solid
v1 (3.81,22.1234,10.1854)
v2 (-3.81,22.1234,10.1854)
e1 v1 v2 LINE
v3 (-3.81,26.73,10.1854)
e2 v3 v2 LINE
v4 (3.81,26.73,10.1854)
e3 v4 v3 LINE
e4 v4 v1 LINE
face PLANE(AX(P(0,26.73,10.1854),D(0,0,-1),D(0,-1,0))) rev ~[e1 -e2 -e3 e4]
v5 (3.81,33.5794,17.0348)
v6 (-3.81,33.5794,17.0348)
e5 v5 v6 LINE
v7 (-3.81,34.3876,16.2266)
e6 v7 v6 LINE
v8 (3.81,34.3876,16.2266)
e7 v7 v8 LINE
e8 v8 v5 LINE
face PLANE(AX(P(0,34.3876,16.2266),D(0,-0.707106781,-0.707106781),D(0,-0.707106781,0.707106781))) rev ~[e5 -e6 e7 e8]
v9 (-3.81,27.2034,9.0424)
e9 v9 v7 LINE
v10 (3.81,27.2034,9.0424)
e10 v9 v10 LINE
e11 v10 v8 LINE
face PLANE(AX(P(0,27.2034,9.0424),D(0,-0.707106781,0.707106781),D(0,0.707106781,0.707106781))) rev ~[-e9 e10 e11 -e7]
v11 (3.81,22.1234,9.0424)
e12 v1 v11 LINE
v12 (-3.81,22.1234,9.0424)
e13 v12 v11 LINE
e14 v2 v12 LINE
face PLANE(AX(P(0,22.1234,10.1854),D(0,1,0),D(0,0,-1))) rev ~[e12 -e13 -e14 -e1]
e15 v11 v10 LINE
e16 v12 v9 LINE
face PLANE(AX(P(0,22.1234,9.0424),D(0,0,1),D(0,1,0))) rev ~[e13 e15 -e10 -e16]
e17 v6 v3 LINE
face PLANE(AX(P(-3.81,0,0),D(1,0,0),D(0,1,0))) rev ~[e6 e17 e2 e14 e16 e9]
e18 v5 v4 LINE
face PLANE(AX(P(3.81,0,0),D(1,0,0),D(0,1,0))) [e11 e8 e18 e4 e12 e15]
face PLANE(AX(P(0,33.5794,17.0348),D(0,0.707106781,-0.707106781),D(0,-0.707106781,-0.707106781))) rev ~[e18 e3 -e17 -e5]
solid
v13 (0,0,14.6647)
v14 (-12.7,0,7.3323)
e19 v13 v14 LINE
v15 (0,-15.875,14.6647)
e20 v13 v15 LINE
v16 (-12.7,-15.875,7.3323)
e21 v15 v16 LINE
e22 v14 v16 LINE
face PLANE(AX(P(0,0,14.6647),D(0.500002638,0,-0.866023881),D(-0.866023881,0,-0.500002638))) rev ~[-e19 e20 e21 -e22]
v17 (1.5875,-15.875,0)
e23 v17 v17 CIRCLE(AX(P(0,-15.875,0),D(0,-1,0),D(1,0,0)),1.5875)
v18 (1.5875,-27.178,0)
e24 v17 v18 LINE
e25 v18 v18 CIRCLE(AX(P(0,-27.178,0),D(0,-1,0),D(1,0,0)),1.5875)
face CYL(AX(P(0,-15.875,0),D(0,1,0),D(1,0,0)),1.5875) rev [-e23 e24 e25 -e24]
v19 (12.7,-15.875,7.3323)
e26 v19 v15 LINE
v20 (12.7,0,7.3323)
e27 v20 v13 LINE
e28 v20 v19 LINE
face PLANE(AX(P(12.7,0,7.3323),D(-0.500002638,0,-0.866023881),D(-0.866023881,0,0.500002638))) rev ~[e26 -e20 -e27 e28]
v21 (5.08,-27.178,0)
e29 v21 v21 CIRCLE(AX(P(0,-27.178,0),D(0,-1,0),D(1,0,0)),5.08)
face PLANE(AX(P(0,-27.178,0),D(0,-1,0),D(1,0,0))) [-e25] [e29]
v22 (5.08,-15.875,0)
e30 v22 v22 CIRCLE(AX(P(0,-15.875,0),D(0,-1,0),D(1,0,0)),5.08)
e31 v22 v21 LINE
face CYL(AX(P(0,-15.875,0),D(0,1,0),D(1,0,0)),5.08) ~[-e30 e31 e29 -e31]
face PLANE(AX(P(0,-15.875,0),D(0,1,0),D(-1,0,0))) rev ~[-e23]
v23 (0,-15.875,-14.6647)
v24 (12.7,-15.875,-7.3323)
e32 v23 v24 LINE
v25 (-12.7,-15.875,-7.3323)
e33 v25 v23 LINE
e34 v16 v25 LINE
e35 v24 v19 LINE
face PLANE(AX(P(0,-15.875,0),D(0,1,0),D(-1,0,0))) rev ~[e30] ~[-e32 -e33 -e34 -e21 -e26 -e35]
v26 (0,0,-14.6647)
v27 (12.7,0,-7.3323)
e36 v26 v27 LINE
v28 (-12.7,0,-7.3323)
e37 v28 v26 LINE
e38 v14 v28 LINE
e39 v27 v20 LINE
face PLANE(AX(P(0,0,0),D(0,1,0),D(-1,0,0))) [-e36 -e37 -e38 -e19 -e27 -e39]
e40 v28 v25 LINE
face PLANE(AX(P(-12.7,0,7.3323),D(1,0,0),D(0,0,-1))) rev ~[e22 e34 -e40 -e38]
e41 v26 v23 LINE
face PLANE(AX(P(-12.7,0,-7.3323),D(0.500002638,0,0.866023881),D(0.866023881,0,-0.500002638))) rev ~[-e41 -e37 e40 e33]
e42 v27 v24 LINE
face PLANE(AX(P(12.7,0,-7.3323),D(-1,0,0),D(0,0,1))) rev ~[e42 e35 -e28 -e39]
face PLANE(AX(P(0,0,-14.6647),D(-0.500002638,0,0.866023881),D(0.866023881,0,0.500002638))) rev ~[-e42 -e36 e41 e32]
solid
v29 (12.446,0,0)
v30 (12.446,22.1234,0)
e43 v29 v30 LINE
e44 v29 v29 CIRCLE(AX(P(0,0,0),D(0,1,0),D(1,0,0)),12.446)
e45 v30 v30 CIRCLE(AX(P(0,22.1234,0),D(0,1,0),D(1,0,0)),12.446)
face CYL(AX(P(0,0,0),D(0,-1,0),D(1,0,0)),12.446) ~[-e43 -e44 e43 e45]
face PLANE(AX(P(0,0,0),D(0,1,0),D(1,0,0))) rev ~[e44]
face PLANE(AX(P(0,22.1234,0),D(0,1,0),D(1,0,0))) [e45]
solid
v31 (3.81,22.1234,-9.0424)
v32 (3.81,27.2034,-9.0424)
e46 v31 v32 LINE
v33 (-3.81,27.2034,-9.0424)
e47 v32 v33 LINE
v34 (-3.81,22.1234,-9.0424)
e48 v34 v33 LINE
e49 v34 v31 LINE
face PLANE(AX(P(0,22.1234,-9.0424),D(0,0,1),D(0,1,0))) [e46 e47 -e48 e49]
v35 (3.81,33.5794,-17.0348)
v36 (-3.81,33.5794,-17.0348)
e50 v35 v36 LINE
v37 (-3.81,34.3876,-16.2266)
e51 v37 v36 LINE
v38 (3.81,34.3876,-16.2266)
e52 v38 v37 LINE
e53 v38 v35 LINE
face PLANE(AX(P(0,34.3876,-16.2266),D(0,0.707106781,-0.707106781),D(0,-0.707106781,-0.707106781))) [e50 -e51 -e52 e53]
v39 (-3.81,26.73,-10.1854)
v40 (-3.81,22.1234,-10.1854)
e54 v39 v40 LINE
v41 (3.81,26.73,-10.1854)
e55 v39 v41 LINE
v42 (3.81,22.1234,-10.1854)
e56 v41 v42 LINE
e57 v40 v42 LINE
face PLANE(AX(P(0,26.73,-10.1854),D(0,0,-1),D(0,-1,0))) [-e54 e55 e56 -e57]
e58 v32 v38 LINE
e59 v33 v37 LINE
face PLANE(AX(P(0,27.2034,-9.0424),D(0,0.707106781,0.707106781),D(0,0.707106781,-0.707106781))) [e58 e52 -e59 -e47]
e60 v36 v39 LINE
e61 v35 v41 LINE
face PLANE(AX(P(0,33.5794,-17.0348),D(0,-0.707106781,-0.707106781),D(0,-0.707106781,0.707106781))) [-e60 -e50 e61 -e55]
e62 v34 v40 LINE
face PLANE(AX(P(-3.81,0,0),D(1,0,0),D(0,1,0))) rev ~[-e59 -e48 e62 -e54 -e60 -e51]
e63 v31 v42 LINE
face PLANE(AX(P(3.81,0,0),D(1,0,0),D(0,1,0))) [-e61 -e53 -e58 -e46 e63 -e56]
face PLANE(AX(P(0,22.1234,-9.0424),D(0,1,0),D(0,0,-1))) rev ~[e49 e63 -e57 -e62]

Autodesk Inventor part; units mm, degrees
ref_plane "YZ Plane" through (0, 0, 0) normal (1, 0, 0) x (0, 1, 0)
ref_plane "XZ Plane" through (0, 0, 0) normal (0, 1, 0) x (-1, 0, 0)
ref_plane "XY Plane" through (0, 0, 0) normal (0, 0, 1) x (1, 0, 0)
sketch "Sketch1" plane through (0, 0, 0) normal (0, 1, 0) x (-1, 0, 0)
  circle A0 centre (0, 0) radius 12.7 construction
  line L0 (12.7, -7.3323) -> (0, -14.6647)
  line L1 (0, -14.6647) -> (-12.7, -7.3323)
  line L2 (-12.7, -7.3323) -> (-12.7, 7.3323)
  line L3 (-12.7, 7.3323) -> (0, 14.6647)
  line L4 (0, 14.6647) -> (12.7, 7.3323)
  line L5 (12.7, 7.3323) -> (12.7, -7.3323)
  point P0 (12.7, 0)
  dimension "d0" = 25.4
extrude "Extrusion1" add sketch "Sketch1" against normal blind 15.875
sketch "Sketch2" plane through (0, -15.875, 0) normal (0, -1, 0) x (1, 0, 0)
  circle A0 centre (0, 0) radius 1.5875
  circle A1 centre (0, 0) radius 5.08
  dimension "d3" = 3.175
  dimension "d4" = 10.16
extrude "Extrusion2" add sketch "Sketch2" along normal blind 11.303
sketch "Sketch3" plane through (0, 0, 0) normal (0, 1, 0) x (1, 0, 0)
  circle A0 centre (0, 0) radius 12.446
  dimension "d7" = 24.892
extrude "Extrusion3" add sketch "Sketch3" along normal blind 22.1234 separate body
sketch "Sketch4" plane through (0, 0, 0) normal (1, 0, 0) x (0, 1, 0)
  line L0 (22.1234, -12.446) -> (22.1234, 12.446) construction
  circle A0 centre (22.1234, 0) radius 9.0424 construction
  line L1 (22.1234, -9.0424) -> (27.2034, -9.0424)
  line L2 (22.1234, 9.0424) -> (27.2034, 9.0424)
  line L3 (27.2034, 9.0424) -> (34.3876, 16.2266)
  line L4 (27.2034, -9.0424) -> (34.3876, -16.2266)
  line L5 (27.2034, -9.0424) -> (37.3634, -9.0424) construction
  line L6 (33.5794, 17.0348) -> (26.73, 10.1854)
  line L7 (26.73, 10.1854) -> (22.1234, 10.1854)
  line L8 (33.5794, -17.0348) -> (26.73, -10.1854)
  line L9 (26.73, -10.1854) -> (22.1234, -10.1854)
  line L10 (22.1234, 10.1854) -> (22.1234, 9.0424)
  line L11 (22.1234, -9.0424) -> (22.1234, -10.1854)
  line L12 (34.3876, -16.2266) -> (33.5794, -17.0348)
  line L13 (34.3876, 16.2266) -> (33.5794, 17.0348)
  point P0 (0, 0)
  dimension "d10" = 18.0848
  dimension "d11" = 5.08
  dimension "d12" = 5.08
  dimension "d13" = 10.16
  dimension "d14" = 135
  dimension "d15" = 10.16
  dimension "d16" = 45
  dimension "d17" = 1.143
  dimension "d18" = 1.143
extrude "Extrusion4" add sketch "Sketch4" along normal mid plane 7.62 separate body
properties part number "am-2006" material "Brass"
